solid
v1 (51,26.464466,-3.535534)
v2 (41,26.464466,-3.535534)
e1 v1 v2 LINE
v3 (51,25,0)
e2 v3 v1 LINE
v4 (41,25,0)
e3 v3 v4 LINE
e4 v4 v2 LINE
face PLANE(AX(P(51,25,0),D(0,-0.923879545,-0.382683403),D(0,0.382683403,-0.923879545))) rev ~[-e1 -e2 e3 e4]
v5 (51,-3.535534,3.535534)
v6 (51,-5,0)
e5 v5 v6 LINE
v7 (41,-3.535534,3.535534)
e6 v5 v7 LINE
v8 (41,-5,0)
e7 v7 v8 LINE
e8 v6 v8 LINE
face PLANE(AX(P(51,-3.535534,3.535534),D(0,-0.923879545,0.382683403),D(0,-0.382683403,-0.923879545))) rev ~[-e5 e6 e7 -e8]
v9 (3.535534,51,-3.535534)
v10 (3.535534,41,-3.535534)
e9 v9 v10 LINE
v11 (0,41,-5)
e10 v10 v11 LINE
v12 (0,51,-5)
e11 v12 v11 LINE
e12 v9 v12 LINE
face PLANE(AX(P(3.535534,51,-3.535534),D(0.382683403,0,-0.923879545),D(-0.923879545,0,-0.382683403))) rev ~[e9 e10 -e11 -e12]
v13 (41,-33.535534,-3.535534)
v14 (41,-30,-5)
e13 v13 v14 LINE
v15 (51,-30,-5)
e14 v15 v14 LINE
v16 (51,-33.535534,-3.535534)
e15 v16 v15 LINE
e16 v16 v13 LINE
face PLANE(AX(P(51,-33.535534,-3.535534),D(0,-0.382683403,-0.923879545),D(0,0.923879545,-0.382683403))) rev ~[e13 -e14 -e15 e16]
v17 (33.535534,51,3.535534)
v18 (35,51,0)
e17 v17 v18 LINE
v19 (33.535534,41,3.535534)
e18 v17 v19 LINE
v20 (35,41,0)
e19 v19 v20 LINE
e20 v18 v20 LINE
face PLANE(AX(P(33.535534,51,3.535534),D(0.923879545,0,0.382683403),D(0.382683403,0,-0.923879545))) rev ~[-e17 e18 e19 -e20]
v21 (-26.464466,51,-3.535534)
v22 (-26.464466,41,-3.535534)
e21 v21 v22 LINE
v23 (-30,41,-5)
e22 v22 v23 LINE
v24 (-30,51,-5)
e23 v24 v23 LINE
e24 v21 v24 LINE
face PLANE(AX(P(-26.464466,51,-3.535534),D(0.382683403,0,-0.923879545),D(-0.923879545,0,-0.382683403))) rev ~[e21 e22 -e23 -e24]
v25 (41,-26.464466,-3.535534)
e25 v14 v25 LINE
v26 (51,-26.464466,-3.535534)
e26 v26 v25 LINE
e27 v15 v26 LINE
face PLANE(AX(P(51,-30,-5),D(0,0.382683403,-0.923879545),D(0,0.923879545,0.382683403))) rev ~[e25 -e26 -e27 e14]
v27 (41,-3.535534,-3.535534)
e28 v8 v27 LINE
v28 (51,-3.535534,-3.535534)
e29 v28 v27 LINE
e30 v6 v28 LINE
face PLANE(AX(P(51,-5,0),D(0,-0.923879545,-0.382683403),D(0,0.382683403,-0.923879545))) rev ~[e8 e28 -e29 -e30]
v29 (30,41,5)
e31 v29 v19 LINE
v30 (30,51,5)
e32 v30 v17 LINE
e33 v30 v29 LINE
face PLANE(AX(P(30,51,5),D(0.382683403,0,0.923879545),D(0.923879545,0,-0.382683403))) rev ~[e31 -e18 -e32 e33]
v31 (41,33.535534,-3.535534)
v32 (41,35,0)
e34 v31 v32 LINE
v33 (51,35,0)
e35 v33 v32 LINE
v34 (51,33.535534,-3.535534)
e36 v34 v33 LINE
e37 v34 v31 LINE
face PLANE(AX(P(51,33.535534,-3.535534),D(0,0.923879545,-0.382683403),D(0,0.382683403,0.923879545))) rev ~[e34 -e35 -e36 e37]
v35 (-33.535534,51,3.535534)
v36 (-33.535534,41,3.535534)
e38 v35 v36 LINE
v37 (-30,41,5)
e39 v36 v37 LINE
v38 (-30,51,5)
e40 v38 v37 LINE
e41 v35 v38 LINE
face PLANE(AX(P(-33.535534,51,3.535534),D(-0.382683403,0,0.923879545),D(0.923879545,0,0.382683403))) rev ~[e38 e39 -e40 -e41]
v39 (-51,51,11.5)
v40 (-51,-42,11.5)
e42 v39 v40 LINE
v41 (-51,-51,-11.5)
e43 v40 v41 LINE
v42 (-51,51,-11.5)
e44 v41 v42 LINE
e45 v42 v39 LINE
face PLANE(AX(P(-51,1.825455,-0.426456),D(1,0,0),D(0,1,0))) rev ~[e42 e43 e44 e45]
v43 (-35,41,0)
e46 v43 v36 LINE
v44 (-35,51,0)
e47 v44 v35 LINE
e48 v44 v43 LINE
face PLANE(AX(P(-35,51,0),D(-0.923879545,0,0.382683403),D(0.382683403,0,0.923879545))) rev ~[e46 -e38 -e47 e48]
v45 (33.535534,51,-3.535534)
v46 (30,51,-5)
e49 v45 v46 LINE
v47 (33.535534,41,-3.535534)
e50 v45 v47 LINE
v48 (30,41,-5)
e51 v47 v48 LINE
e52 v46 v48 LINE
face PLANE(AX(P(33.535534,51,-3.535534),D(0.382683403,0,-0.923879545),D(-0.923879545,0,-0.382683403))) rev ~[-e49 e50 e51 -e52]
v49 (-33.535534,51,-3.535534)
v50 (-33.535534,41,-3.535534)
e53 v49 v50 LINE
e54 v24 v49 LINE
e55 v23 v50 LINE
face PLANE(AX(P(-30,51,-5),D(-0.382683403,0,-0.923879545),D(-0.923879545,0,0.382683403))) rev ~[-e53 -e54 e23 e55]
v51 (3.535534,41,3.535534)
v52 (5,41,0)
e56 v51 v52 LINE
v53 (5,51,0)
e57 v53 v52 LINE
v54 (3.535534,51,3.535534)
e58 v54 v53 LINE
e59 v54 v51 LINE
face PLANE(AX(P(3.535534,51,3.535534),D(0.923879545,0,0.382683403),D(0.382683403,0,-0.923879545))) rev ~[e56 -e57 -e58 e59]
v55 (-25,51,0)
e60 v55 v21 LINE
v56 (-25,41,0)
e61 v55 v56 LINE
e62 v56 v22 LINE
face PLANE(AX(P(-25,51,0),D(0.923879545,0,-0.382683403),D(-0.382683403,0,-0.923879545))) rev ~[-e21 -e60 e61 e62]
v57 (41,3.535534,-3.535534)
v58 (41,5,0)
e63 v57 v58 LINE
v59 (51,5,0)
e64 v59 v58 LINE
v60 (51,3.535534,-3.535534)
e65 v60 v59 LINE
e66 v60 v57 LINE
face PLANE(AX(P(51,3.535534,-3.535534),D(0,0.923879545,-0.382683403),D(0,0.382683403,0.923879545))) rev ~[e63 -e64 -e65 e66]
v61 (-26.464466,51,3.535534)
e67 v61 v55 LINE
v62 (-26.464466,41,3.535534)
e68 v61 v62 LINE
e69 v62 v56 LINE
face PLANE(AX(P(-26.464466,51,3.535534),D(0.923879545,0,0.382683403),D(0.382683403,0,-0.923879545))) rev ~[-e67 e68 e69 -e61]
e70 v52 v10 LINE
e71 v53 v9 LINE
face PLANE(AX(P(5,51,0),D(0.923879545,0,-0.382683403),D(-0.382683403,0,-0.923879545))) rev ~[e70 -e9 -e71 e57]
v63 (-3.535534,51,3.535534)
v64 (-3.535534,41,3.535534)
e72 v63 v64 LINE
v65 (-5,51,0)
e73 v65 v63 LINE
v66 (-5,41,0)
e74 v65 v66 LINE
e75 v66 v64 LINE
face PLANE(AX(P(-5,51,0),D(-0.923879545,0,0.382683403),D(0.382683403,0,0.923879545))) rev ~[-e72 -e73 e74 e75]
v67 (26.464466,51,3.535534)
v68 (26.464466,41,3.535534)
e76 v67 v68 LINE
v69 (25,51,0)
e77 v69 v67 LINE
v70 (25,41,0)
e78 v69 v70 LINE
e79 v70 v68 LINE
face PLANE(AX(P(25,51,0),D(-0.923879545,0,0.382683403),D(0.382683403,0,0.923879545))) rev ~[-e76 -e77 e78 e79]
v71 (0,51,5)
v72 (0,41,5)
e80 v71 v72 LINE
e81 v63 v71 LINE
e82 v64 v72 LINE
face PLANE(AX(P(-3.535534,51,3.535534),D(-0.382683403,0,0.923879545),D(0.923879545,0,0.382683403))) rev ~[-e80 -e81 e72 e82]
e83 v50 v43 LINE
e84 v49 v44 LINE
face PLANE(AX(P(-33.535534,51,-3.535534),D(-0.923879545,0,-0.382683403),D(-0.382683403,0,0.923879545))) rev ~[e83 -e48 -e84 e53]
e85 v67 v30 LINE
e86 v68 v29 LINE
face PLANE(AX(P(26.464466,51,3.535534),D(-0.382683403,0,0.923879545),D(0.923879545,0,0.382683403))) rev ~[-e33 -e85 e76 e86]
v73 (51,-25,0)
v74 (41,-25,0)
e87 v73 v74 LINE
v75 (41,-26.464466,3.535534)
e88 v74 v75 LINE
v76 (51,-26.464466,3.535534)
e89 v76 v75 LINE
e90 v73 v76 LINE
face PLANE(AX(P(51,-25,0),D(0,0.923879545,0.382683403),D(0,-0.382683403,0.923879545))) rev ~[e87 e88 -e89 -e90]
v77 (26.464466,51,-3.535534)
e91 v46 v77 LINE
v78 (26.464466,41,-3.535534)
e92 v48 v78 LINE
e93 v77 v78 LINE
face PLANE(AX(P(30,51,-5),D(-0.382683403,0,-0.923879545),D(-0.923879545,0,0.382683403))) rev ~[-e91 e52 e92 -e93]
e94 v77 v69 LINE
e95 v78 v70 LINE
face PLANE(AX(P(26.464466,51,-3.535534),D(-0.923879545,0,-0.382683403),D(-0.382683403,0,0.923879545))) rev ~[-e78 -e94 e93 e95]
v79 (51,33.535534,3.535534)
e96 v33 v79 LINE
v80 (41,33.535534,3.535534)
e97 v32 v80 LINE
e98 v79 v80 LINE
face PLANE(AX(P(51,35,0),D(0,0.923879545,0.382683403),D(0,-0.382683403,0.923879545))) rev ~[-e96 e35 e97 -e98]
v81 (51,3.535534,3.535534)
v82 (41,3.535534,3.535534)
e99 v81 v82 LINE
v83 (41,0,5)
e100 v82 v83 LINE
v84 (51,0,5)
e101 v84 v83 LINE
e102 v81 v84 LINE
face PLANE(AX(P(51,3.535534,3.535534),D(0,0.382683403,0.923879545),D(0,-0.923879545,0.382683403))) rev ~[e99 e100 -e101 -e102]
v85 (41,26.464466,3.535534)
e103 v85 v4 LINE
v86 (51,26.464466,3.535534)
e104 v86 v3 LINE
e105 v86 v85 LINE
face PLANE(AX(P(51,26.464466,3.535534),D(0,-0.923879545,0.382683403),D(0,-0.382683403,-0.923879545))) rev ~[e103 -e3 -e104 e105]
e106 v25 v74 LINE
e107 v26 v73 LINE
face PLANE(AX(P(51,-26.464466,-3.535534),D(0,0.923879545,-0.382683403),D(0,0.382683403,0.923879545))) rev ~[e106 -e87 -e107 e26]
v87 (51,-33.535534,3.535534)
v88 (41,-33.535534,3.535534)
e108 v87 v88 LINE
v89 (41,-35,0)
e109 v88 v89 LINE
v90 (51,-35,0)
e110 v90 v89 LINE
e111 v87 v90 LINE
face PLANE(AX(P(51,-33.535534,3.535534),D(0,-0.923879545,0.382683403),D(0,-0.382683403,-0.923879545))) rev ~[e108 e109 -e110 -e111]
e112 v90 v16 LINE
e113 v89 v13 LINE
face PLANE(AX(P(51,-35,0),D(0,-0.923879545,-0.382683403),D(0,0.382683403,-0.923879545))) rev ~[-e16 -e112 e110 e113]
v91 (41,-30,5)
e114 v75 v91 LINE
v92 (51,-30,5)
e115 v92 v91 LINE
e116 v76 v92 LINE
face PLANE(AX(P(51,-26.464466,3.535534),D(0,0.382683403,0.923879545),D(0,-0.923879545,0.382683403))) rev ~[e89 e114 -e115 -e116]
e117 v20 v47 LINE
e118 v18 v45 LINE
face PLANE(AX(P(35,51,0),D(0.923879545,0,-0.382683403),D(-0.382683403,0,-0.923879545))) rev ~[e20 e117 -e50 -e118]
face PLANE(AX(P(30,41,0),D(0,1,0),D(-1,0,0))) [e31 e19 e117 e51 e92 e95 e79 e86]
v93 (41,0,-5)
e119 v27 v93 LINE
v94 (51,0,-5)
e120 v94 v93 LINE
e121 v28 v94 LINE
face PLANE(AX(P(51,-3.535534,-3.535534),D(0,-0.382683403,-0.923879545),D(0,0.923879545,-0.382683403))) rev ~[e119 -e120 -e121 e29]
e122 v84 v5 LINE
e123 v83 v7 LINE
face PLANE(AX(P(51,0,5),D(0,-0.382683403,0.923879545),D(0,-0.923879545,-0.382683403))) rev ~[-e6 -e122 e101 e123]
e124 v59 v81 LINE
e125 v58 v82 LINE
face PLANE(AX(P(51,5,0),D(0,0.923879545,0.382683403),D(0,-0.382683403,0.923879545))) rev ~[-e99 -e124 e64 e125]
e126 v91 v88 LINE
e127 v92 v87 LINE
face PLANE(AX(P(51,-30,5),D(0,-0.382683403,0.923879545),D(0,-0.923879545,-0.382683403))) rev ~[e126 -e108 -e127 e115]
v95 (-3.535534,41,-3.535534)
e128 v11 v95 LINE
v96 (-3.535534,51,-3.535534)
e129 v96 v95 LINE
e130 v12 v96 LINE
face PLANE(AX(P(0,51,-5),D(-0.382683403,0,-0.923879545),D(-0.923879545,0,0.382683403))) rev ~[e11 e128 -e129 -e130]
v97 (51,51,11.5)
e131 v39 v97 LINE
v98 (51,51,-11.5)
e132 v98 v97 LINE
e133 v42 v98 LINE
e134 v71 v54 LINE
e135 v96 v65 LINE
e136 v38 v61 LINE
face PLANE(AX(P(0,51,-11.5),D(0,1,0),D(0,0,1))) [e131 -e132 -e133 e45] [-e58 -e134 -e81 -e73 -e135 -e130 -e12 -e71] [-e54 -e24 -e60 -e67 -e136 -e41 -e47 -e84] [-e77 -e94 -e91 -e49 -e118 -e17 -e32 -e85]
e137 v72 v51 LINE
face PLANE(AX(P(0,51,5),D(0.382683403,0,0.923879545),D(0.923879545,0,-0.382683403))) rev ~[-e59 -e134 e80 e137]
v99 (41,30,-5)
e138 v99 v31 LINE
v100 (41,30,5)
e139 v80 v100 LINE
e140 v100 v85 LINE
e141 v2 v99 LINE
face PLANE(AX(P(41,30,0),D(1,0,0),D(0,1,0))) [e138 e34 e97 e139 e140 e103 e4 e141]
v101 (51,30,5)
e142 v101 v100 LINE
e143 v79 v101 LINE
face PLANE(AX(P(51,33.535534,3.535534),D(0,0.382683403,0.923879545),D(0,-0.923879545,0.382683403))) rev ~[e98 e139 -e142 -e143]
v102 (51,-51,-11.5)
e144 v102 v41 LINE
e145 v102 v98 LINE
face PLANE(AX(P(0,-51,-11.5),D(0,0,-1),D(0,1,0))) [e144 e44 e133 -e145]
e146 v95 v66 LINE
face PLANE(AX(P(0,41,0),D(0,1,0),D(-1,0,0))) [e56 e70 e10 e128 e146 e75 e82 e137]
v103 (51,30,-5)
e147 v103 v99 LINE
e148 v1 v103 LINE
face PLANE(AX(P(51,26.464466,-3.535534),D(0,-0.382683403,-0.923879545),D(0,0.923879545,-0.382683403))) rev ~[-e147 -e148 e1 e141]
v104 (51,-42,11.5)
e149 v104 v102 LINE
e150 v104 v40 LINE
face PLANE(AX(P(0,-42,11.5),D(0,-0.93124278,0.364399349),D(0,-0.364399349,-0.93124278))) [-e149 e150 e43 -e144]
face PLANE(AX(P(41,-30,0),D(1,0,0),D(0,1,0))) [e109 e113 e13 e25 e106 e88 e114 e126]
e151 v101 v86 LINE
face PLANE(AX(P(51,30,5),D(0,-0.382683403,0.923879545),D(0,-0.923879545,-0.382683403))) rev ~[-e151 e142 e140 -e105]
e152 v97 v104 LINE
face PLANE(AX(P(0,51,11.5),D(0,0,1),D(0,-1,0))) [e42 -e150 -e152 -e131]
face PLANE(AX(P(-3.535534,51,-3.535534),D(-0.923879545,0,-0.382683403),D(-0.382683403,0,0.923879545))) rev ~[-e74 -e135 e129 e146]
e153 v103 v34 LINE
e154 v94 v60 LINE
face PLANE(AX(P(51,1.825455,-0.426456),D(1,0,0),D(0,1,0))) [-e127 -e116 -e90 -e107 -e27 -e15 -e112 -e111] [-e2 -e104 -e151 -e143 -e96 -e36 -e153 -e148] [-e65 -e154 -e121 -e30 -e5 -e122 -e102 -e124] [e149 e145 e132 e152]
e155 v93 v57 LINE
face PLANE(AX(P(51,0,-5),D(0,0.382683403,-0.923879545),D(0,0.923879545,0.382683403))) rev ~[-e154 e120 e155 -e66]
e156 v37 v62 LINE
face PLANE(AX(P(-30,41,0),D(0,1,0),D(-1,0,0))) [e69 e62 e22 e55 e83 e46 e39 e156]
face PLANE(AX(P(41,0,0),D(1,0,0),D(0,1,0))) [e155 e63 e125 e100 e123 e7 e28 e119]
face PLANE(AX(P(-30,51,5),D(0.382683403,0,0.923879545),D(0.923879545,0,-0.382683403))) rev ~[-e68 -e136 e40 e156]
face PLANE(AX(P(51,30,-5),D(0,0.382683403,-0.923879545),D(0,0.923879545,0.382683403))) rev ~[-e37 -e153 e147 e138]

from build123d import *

# Parameters (mm, degrees)
F1_DEPTH = 51
F3_DEPTH = 10
F5_DEPTH = 10


with BuildPart() as f1:
    # F0 (on Right) → F1 (new body, symmetric)
    with BuildSketch(Plane.YZ):
        Polygon((-51, -11.5), (51, -11.5), (51, 11.5), (-42, 11.5), align=None)
    extrude(amount=F1_DEPTH, both=True)

    # F2 (on face) → F3 (cut)
    with BuildSketch(Plane.YZ.offset(51)):
        Polygon((-3.535534, -3.535534), (0, -5), (3.535534, -3.535534), (5, 0), (3.535534, 3.535534), (0, 5), (-3.535534, 3.535534), (-5, 0), align=None)
        Polygon((33.535534, 3.535534), (30, 5), (26.464466, 3.535534), (25, 0), (26.464466, -3.535534), (30, -5), (33.535534, -3.535534), (35, 0), align=None)
        Polygon((-25, 0), (-26.464466, 3.535534), (-30, 5), (-33.535534, 3.535534), (-35, 0), (-33.535534, -3.535534), (-30, -5), (-26.464466, -3.535534), align=None)
    extrude(amount=-F3_DEPTH, mode=Mode.SUBTRACT)

    # F4 (on face) → F5 (cut)
    with BuildSketch(Plane(origin=(0, 51, 0), x_dir=(-1, 0, 0), z_dir=(0, 1, 0))):
        Polygon((-3.535534, -3.535534), (0, -5), (3.535534, -3.535534), (5, 0), (3.535534, 3.535534), (0, 5), (-3.535534, 3.535534), (-5, 0), align=None)
        Polygon((33.535534, 3.535534), (30, 5), (26.464466, 3.535534), (25, 0), (26.464466, -3.535534), (30, -5), (33.535534, -3.535534), (35, 0), align=None)
        Polygon((-26.464466, -3.535534), (-25, 0), (-26.464466, 3.535534), (-30, 5), (-33.535534, 3.535534), (-35, 0), (-33.535534, -3.535534), (-30, -5), align=None)
    extrude(amount=-F5_DEPTH, mode=Mode.SUBTRACT)


solid = f1.part
